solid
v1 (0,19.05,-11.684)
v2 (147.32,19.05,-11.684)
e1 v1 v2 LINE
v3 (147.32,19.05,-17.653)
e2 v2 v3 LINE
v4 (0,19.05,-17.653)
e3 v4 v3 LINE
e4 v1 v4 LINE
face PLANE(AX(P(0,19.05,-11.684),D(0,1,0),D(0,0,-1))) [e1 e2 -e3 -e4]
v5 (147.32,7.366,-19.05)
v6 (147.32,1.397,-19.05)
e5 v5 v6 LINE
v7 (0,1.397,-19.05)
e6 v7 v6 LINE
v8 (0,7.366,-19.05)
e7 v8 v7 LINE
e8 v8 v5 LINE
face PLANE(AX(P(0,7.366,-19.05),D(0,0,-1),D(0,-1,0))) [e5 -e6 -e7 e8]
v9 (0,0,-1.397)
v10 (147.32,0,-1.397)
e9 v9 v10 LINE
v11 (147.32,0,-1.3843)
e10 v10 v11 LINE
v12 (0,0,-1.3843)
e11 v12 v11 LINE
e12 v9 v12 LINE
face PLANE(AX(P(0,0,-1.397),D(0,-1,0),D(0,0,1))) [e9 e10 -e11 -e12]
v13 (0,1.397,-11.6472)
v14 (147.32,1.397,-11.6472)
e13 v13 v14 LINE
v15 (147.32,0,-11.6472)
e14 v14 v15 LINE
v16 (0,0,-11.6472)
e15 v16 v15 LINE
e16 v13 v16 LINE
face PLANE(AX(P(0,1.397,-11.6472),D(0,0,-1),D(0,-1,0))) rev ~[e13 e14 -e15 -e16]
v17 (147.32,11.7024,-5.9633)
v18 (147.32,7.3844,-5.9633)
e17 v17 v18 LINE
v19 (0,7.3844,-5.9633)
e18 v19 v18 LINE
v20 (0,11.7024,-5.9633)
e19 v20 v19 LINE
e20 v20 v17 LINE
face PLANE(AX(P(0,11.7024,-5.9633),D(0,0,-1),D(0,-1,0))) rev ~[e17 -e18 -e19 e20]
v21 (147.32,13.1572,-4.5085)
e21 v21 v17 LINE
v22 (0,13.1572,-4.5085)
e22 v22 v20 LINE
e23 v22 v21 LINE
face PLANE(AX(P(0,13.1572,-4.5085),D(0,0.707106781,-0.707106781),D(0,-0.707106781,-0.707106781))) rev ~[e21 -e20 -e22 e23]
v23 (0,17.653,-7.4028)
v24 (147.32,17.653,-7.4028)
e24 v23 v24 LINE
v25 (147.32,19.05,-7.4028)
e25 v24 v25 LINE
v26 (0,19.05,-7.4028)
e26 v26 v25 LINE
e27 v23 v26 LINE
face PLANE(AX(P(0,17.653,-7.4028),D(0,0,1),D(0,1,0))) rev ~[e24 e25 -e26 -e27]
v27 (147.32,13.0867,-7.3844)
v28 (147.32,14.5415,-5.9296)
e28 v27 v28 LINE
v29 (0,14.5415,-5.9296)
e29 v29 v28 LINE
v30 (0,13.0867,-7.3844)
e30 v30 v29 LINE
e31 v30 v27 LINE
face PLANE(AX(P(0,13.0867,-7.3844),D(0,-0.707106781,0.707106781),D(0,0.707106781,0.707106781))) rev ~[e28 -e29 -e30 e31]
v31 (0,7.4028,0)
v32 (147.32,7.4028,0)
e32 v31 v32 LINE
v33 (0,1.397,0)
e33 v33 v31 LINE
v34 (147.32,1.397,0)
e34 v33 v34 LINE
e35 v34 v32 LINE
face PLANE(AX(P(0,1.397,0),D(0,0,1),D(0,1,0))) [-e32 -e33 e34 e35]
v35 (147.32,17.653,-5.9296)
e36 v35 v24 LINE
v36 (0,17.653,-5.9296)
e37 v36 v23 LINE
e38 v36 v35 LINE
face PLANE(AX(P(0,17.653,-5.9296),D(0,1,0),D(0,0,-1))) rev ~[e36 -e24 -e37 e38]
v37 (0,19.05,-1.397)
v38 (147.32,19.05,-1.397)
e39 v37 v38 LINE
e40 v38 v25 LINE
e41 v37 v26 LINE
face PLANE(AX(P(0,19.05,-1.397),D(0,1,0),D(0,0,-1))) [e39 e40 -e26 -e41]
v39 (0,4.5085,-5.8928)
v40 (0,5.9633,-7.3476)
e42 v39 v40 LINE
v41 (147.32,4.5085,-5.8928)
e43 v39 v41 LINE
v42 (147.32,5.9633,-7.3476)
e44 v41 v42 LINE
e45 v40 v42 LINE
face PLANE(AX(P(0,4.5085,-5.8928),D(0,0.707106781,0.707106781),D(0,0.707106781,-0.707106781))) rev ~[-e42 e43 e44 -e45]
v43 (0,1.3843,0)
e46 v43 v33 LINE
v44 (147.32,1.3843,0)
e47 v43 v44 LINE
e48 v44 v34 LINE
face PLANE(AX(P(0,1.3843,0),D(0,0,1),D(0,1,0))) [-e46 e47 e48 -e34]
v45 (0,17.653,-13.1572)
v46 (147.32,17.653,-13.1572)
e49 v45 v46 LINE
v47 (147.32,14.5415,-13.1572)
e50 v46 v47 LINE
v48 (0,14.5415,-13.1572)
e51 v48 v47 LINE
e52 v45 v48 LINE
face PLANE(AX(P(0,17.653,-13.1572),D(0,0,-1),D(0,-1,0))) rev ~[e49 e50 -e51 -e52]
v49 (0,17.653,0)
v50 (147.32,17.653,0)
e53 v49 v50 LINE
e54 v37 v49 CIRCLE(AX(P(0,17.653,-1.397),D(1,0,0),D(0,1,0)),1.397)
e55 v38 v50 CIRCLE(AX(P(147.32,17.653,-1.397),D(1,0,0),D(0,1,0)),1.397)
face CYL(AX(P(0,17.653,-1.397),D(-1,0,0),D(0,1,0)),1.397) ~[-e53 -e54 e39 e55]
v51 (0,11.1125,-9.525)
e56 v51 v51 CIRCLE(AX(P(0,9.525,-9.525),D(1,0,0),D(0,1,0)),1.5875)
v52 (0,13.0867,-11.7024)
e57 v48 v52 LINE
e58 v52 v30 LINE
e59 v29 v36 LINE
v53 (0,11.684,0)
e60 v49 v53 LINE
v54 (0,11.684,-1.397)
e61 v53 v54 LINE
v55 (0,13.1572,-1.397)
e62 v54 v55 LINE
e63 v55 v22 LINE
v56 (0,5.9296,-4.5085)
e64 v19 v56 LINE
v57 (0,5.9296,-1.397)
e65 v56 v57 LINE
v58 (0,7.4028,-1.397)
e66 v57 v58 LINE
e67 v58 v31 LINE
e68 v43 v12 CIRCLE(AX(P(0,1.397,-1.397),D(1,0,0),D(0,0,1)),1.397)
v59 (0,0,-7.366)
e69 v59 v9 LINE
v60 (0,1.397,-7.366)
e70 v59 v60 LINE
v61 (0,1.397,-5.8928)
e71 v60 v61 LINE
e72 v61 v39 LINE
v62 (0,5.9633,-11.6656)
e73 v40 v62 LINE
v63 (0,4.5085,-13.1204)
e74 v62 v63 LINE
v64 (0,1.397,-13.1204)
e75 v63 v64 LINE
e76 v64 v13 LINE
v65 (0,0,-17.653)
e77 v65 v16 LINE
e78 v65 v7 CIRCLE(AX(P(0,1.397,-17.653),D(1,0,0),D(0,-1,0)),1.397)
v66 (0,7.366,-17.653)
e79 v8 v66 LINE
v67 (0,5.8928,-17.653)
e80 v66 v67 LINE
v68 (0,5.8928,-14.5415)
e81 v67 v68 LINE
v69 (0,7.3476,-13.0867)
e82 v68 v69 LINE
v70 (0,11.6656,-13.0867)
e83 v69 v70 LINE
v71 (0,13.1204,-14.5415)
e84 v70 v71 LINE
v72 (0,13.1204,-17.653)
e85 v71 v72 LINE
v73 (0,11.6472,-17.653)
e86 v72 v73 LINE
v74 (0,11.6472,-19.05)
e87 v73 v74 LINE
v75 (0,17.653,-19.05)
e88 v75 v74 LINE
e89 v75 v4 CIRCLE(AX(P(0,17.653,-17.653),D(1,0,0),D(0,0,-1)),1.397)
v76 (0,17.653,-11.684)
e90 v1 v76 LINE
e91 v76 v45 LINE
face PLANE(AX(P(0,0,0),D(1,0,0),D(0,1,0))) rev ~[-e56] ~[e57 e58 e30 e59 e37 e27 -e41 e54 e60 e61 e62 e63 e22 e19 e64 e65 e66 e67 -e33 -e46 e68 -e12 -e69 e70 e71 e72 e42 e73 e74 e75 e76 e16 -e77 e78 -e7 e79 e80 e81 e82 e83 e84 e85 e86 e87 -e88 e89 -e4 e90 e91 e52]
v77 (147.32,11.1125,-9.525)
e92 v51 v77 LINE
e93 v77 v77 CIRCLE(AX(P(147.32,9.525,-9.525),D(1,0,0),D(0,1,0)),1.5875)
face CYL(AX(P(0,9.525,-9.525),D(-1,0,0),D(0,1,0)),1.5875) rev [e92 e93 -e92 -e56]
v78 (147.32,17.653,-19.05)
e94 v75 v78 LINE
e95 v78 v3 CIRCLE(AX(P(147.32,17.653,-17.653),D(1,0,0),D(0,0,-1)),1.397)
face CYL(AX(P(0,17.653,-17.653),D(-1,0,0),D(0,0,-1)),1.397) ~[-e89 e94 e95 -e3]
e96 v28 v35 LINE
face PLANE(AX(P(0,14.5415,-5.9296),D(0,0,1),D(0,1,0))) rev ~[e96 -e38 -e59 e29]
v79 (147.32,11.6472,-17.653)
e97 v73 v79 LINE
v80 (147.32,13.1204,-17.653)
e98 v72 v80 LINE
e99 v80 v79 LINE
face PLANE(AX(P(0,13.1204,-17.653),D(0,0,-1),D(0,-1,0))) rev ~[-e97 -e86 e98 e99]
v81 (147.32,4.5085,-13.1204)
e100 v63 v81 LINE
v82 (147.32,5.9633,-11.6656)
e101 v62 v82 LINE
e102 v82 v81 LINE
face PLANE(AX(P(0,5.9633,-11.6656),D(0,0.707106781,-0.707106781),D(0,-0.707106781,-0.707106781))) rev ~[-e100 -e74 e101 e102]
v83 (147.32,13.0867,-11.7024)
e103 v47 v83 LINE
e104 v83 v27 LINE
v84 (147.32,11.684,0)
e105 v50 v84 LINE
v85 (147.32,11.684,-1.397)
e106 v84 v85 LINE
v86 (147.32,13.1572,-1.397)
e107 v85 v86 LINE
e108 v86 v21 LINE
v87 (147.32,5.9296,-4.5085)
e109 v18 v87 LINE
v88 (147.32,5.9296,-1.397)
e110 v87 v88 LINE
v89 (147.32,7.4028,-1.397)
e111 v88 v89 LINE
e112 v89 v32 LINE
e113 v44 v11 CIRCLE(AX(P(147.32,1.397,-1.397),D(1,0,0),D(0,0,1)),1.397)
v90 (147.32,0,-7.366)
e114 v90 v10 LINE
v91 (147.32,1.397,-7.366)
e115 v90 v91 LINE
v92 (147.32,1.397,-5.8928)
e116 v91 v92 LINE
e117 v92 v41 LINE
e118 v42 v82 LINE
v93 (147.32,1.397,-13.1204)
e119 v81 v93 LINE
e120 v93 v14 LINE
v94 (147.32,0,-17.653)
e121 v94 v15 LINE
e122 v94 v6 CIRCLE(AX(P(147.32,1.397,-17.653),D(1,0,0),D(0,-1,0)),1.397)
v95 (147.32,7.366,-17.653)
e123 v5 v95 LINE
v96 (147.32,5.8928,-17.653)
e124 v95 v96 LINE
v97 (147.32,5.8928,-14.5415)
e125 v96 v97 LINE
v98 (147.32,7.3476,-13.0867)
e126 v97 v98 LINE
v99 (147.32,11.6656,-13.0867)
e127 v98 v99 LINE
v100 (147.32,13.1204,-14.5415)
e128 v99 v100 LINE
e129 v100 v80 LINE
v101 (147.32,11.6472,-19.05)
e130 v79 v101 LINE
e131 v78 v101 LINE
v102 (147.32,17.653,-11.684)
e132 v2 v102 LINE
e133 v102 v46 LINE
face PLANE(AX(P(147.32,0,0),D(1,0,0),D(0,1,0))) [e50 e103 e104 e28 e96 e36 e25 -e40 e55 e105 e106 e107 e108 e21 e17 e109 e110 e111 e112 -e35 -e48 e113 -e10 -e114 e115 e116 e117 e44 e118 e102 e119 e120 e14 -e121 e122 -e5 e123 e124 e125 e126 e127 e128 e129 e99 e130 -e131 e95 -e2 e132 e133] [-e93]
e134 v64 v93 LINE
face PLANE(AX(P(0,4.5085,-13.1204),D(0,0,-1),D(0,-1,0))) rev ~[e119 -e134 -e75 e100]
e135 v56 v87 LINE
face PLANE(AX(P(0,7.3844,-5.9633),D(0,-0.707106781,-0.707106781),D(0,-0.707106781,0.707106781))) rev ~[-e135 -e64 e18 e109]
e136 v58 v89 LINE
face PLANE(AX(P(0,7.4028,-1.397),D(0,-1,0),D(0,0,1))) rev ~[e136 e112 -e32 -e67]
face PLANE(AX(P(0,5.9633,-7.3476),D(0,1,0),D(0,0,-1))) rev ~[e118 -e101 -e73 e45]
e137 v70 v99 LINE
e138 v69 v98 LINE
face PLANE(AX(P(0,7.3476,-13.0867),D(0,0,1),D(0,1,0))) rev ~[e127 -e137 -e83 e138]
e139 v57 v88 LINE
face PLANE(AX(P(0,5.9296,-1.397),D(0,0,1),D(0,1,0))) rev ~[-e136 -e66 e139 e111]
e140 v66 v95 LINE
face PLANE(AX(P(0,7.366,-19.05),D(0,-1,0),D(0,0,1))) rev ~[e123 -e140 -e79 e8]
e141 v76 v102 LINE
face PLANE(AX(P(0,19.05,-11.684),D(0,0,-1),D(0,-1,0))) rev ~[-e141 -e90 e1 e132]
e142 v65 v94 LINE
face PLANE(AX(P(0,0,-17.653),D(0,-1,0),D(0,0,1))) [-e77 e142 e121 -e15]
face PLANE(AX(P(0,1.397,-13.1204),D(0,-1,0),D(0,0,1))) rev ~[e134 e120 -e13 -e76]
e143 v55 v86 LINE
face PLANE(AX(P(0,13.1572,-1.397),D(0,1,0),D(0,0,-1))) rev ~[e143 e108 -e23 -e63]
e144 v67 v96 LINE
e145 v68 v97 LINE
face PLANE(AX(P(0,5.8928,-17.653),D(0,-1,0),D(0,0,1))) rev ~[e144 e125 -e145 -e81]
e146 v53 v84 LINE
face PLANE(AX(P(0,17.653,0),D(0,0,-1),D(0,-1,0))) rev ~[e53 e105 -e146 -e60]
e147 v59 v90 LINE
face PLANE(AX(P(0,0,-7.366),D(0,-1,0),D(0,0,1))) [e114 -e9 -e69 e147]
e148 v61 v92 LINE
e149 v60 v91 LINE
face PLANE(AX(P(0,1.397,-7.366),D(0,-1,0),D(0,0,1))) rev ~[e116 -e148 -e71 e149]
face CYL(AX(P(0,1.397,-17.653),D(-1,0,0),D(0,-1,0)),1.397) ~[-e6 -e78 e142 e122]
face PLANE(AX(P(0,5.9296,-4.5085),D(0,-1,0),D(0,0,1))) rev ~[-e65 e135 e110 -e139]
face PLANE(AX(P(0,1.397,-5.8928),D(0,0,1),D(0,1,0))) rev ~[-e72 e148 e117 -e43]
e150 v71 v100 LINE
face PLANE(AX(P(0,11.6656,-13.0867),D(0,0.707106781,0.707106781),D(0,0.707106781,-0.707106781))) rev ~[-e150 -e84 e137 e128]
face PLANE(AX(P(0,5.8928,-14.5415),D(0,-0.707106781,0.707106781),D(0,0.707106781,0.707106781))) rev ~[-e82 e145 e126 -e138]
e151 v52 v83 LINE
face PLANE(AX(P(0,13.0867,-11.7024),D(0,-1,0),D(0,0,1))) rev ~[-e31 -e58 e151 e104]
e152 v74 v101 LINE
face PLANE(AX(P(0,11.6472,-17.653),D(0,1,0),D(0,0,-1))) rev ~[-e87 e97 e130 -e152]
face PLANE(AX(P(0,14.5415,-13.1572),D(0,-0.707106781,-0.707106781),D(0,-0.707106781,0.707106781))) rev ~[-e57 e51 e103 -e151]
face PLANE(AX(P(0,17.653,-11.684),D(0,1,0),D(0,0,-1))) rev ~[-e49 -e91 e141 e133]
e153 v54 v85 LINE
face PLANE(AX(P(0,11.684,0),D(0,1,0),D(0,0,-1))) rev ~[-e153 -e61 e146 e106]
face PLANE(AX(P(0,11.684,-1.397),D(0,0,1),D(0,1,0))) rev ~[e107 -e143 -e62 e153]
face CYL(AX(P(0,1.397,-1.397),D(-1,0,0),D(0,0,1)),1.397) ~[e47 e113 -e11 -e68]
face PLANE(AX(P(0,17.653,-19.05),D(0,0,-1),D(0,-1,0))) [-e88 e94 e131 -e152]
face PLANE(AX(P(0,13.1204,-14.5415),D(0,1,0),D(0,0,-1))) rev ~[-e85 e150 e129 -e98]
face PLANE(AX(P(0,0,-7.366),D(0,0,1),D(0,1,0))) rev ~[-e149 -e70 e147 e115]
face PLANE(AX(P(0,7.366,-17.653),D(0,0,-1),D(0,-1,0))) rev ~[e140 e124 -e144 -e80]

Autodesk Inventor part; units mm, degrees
ref_plane "YZ Plane" through (0, 0, 0) normal (1, 0, 0) x (0, 1, 0)
ref_plane "XZ Plane" through (0, 0, 0) normal (0, 1, 0) x (-1, 0, 0)
ref_plane "XY Plane" through (0, 0, 0) normal (0, 0, 1) x (1, 0, 0)
sketch "Sketch2" plane through (0, 0, 0) normal (1, 0, 0) x (0, 1, 0)
  line L0 (1.3843, 0) -> (1.397, 0)
  line L1 (17.653, 0) -> (11.684, 0)
  line L2 (11.684, 0) -> (11.684, -1.397)
  line L3 (11.684, -1.397) -> (13.1572, -1.397)
  line L4 (13.1572, -1.397) -> (13.1572, -4.5085)
  line L5 (13.1572, -4.5085) -> (11.7024, -5.9633)
  line L6 (11.7024, -5.9633) -> (7.3844, -5.9633)
  line L7 (7.3844, -5.9633) -> (5.9296, -4.5085)
  line L8 (5.9296, -4.5085) -> (5.9296, -1.397)
  line L9 (5.9296, -1.397) -> (7.4028, -1.397)
  line L10 (7.4028, -1.397) -> (7.4028, 0)
  line L11 (1.397, 0) -> (7.4028, 0)
  line L12 (11.684, 0) -> (19.05, 0)
  line L13 (5.9633, -7.3476) -> (5.9633, -11.6656)
  line L14 (4.5085, -5.8928) -> (5.9633, -7.3476)
  line L15 (5.9633, -11.6656) -> (4.5085, -13.1204)
  line L16 (1.397, -13.1204) -> (1.397, -11.6472)
  line L17 (4.5085, -13.1204) -> (1.397, -13.1204)
  line L18 (1.397, -11.6472) -> (0, -11.6472)
  line L19 (1.397, -5.8928) -> (4.5085, -5.8928)
  line L20 (0, -7.366) -> (1.397, -7.366)
  line L21 (1.397, -7.366) -> (1.397, -5.8928)
  line L22 (7.3476, -13.0867) -> (11.6656, -13.0867)
  line L23 (5.8928, -14.5415) -> (7.3476, -13.0867)
  line L24 (11.6656, -13.0867) -> (13.1204, -14.5415)
  line L25 (13.1204, -17.653) -> (11.6472, -17.653)
  line L26 (13.1204, -14.5415) -> (13.1204, -17.653)
  line L27 (11.6472, -17.653) -> (11.6472, -19.05)
  line L28 (5.8928, -17.653) -> (5.8928, -14.5415)
  line L29 (7.366, -19.05) -> (7.366, -17.653)
  line L30 (7.366, -17.653) -> (5.8928, -17.653)
  line L31 (13.0867, -11.7024) -> (13.0867, -7.3844)
  line L32 (14.5415, -13.1572) -> (13.0867, -11.7024)
  line L33 (13.0867, -7.3844) -> (14.5415, -5.9296)
  line L34 (17.653, -5.9296) -> (17.653, -7.4028)
  line L35 (14.5415, -5.9296) -> (17.653, -5.9296)
  line L36 (17.653, -7.4028) -> (19.05, -7.4028)
  line L37 (17.653, -13.1572) -> (14.5415, -13.1572)
  line L38 (19.05, -11.684) -> (17.653, -11.684)
  line L39 (17.653, -11.684) -> (17.653, -13.1572)
  line L40 (1.3843, 0) -> (1.397, 0)
  line L41 (19.05, -1.397) -> (19.05, -7.4028)
  line L42 (19.05, -11.684) -> (19.05, -17.653)
  line L43 (17.653, -19.05) -> (11.6472, -19.05)
  line L44 (7.366, -19.05) -> (1.397, -19.05)
  line L45 (0, -17.653) -> (0, -11.6472)
  line L46 (0, -7.366) -> (0, -1.397)
  line L47 (0, -7.366) -> (0, -1.397)
  circle A0 centre (9.525, -9.525) radius 1.5875
  line L48 (1.3843, 0) -> (1.397, 0)
  line L49 (0, -1.397) -> (0, -1.3843)
  arc A1 (1.397, 0) -> (0, -1.397) centre (1.397, -1.397) ccw
  arc A2 (0, -17.653) -> (1.397, -19.05) centre (1.397, -17.653) ccw
  arc A3 (17.653, -19.05) -> (19.05, -17.653) centre (17.653, -17.653) ccw
  arc A4 (19.05, -1.397) -> (17.653, 0) centre (17.653, -1.397) ccw
  point P0 (0, 0)
  dimension "d34" = 7.366
  dimension "d35" = 1.397
  dimension "d37" = 1.4732
  dimension "d38" = 3.1115
  dimension "d39" = 2.0574
  dimension "d40" = 135
  dimension "d41" = 4.318
  dimension "d42" = 2.0574
  dimension "d43" = 1.4732
  dimension "d46" = 1.397
  dimension "d49" = 360
  dimension "d56" = 19.05
  dimension "d58" = 3.175
  dimension "d61" = 1.397
  dimension "d62" = 1.397
  dimension "d63" = 1.397
  dimension "d64" = 1.397
  dimension "d67" = 360
  dimension "d71" = 3.1115
extrude "Extrusion1" add sketch "Sketch2" along normal blind 147.32
properties part number "Extrusion"
